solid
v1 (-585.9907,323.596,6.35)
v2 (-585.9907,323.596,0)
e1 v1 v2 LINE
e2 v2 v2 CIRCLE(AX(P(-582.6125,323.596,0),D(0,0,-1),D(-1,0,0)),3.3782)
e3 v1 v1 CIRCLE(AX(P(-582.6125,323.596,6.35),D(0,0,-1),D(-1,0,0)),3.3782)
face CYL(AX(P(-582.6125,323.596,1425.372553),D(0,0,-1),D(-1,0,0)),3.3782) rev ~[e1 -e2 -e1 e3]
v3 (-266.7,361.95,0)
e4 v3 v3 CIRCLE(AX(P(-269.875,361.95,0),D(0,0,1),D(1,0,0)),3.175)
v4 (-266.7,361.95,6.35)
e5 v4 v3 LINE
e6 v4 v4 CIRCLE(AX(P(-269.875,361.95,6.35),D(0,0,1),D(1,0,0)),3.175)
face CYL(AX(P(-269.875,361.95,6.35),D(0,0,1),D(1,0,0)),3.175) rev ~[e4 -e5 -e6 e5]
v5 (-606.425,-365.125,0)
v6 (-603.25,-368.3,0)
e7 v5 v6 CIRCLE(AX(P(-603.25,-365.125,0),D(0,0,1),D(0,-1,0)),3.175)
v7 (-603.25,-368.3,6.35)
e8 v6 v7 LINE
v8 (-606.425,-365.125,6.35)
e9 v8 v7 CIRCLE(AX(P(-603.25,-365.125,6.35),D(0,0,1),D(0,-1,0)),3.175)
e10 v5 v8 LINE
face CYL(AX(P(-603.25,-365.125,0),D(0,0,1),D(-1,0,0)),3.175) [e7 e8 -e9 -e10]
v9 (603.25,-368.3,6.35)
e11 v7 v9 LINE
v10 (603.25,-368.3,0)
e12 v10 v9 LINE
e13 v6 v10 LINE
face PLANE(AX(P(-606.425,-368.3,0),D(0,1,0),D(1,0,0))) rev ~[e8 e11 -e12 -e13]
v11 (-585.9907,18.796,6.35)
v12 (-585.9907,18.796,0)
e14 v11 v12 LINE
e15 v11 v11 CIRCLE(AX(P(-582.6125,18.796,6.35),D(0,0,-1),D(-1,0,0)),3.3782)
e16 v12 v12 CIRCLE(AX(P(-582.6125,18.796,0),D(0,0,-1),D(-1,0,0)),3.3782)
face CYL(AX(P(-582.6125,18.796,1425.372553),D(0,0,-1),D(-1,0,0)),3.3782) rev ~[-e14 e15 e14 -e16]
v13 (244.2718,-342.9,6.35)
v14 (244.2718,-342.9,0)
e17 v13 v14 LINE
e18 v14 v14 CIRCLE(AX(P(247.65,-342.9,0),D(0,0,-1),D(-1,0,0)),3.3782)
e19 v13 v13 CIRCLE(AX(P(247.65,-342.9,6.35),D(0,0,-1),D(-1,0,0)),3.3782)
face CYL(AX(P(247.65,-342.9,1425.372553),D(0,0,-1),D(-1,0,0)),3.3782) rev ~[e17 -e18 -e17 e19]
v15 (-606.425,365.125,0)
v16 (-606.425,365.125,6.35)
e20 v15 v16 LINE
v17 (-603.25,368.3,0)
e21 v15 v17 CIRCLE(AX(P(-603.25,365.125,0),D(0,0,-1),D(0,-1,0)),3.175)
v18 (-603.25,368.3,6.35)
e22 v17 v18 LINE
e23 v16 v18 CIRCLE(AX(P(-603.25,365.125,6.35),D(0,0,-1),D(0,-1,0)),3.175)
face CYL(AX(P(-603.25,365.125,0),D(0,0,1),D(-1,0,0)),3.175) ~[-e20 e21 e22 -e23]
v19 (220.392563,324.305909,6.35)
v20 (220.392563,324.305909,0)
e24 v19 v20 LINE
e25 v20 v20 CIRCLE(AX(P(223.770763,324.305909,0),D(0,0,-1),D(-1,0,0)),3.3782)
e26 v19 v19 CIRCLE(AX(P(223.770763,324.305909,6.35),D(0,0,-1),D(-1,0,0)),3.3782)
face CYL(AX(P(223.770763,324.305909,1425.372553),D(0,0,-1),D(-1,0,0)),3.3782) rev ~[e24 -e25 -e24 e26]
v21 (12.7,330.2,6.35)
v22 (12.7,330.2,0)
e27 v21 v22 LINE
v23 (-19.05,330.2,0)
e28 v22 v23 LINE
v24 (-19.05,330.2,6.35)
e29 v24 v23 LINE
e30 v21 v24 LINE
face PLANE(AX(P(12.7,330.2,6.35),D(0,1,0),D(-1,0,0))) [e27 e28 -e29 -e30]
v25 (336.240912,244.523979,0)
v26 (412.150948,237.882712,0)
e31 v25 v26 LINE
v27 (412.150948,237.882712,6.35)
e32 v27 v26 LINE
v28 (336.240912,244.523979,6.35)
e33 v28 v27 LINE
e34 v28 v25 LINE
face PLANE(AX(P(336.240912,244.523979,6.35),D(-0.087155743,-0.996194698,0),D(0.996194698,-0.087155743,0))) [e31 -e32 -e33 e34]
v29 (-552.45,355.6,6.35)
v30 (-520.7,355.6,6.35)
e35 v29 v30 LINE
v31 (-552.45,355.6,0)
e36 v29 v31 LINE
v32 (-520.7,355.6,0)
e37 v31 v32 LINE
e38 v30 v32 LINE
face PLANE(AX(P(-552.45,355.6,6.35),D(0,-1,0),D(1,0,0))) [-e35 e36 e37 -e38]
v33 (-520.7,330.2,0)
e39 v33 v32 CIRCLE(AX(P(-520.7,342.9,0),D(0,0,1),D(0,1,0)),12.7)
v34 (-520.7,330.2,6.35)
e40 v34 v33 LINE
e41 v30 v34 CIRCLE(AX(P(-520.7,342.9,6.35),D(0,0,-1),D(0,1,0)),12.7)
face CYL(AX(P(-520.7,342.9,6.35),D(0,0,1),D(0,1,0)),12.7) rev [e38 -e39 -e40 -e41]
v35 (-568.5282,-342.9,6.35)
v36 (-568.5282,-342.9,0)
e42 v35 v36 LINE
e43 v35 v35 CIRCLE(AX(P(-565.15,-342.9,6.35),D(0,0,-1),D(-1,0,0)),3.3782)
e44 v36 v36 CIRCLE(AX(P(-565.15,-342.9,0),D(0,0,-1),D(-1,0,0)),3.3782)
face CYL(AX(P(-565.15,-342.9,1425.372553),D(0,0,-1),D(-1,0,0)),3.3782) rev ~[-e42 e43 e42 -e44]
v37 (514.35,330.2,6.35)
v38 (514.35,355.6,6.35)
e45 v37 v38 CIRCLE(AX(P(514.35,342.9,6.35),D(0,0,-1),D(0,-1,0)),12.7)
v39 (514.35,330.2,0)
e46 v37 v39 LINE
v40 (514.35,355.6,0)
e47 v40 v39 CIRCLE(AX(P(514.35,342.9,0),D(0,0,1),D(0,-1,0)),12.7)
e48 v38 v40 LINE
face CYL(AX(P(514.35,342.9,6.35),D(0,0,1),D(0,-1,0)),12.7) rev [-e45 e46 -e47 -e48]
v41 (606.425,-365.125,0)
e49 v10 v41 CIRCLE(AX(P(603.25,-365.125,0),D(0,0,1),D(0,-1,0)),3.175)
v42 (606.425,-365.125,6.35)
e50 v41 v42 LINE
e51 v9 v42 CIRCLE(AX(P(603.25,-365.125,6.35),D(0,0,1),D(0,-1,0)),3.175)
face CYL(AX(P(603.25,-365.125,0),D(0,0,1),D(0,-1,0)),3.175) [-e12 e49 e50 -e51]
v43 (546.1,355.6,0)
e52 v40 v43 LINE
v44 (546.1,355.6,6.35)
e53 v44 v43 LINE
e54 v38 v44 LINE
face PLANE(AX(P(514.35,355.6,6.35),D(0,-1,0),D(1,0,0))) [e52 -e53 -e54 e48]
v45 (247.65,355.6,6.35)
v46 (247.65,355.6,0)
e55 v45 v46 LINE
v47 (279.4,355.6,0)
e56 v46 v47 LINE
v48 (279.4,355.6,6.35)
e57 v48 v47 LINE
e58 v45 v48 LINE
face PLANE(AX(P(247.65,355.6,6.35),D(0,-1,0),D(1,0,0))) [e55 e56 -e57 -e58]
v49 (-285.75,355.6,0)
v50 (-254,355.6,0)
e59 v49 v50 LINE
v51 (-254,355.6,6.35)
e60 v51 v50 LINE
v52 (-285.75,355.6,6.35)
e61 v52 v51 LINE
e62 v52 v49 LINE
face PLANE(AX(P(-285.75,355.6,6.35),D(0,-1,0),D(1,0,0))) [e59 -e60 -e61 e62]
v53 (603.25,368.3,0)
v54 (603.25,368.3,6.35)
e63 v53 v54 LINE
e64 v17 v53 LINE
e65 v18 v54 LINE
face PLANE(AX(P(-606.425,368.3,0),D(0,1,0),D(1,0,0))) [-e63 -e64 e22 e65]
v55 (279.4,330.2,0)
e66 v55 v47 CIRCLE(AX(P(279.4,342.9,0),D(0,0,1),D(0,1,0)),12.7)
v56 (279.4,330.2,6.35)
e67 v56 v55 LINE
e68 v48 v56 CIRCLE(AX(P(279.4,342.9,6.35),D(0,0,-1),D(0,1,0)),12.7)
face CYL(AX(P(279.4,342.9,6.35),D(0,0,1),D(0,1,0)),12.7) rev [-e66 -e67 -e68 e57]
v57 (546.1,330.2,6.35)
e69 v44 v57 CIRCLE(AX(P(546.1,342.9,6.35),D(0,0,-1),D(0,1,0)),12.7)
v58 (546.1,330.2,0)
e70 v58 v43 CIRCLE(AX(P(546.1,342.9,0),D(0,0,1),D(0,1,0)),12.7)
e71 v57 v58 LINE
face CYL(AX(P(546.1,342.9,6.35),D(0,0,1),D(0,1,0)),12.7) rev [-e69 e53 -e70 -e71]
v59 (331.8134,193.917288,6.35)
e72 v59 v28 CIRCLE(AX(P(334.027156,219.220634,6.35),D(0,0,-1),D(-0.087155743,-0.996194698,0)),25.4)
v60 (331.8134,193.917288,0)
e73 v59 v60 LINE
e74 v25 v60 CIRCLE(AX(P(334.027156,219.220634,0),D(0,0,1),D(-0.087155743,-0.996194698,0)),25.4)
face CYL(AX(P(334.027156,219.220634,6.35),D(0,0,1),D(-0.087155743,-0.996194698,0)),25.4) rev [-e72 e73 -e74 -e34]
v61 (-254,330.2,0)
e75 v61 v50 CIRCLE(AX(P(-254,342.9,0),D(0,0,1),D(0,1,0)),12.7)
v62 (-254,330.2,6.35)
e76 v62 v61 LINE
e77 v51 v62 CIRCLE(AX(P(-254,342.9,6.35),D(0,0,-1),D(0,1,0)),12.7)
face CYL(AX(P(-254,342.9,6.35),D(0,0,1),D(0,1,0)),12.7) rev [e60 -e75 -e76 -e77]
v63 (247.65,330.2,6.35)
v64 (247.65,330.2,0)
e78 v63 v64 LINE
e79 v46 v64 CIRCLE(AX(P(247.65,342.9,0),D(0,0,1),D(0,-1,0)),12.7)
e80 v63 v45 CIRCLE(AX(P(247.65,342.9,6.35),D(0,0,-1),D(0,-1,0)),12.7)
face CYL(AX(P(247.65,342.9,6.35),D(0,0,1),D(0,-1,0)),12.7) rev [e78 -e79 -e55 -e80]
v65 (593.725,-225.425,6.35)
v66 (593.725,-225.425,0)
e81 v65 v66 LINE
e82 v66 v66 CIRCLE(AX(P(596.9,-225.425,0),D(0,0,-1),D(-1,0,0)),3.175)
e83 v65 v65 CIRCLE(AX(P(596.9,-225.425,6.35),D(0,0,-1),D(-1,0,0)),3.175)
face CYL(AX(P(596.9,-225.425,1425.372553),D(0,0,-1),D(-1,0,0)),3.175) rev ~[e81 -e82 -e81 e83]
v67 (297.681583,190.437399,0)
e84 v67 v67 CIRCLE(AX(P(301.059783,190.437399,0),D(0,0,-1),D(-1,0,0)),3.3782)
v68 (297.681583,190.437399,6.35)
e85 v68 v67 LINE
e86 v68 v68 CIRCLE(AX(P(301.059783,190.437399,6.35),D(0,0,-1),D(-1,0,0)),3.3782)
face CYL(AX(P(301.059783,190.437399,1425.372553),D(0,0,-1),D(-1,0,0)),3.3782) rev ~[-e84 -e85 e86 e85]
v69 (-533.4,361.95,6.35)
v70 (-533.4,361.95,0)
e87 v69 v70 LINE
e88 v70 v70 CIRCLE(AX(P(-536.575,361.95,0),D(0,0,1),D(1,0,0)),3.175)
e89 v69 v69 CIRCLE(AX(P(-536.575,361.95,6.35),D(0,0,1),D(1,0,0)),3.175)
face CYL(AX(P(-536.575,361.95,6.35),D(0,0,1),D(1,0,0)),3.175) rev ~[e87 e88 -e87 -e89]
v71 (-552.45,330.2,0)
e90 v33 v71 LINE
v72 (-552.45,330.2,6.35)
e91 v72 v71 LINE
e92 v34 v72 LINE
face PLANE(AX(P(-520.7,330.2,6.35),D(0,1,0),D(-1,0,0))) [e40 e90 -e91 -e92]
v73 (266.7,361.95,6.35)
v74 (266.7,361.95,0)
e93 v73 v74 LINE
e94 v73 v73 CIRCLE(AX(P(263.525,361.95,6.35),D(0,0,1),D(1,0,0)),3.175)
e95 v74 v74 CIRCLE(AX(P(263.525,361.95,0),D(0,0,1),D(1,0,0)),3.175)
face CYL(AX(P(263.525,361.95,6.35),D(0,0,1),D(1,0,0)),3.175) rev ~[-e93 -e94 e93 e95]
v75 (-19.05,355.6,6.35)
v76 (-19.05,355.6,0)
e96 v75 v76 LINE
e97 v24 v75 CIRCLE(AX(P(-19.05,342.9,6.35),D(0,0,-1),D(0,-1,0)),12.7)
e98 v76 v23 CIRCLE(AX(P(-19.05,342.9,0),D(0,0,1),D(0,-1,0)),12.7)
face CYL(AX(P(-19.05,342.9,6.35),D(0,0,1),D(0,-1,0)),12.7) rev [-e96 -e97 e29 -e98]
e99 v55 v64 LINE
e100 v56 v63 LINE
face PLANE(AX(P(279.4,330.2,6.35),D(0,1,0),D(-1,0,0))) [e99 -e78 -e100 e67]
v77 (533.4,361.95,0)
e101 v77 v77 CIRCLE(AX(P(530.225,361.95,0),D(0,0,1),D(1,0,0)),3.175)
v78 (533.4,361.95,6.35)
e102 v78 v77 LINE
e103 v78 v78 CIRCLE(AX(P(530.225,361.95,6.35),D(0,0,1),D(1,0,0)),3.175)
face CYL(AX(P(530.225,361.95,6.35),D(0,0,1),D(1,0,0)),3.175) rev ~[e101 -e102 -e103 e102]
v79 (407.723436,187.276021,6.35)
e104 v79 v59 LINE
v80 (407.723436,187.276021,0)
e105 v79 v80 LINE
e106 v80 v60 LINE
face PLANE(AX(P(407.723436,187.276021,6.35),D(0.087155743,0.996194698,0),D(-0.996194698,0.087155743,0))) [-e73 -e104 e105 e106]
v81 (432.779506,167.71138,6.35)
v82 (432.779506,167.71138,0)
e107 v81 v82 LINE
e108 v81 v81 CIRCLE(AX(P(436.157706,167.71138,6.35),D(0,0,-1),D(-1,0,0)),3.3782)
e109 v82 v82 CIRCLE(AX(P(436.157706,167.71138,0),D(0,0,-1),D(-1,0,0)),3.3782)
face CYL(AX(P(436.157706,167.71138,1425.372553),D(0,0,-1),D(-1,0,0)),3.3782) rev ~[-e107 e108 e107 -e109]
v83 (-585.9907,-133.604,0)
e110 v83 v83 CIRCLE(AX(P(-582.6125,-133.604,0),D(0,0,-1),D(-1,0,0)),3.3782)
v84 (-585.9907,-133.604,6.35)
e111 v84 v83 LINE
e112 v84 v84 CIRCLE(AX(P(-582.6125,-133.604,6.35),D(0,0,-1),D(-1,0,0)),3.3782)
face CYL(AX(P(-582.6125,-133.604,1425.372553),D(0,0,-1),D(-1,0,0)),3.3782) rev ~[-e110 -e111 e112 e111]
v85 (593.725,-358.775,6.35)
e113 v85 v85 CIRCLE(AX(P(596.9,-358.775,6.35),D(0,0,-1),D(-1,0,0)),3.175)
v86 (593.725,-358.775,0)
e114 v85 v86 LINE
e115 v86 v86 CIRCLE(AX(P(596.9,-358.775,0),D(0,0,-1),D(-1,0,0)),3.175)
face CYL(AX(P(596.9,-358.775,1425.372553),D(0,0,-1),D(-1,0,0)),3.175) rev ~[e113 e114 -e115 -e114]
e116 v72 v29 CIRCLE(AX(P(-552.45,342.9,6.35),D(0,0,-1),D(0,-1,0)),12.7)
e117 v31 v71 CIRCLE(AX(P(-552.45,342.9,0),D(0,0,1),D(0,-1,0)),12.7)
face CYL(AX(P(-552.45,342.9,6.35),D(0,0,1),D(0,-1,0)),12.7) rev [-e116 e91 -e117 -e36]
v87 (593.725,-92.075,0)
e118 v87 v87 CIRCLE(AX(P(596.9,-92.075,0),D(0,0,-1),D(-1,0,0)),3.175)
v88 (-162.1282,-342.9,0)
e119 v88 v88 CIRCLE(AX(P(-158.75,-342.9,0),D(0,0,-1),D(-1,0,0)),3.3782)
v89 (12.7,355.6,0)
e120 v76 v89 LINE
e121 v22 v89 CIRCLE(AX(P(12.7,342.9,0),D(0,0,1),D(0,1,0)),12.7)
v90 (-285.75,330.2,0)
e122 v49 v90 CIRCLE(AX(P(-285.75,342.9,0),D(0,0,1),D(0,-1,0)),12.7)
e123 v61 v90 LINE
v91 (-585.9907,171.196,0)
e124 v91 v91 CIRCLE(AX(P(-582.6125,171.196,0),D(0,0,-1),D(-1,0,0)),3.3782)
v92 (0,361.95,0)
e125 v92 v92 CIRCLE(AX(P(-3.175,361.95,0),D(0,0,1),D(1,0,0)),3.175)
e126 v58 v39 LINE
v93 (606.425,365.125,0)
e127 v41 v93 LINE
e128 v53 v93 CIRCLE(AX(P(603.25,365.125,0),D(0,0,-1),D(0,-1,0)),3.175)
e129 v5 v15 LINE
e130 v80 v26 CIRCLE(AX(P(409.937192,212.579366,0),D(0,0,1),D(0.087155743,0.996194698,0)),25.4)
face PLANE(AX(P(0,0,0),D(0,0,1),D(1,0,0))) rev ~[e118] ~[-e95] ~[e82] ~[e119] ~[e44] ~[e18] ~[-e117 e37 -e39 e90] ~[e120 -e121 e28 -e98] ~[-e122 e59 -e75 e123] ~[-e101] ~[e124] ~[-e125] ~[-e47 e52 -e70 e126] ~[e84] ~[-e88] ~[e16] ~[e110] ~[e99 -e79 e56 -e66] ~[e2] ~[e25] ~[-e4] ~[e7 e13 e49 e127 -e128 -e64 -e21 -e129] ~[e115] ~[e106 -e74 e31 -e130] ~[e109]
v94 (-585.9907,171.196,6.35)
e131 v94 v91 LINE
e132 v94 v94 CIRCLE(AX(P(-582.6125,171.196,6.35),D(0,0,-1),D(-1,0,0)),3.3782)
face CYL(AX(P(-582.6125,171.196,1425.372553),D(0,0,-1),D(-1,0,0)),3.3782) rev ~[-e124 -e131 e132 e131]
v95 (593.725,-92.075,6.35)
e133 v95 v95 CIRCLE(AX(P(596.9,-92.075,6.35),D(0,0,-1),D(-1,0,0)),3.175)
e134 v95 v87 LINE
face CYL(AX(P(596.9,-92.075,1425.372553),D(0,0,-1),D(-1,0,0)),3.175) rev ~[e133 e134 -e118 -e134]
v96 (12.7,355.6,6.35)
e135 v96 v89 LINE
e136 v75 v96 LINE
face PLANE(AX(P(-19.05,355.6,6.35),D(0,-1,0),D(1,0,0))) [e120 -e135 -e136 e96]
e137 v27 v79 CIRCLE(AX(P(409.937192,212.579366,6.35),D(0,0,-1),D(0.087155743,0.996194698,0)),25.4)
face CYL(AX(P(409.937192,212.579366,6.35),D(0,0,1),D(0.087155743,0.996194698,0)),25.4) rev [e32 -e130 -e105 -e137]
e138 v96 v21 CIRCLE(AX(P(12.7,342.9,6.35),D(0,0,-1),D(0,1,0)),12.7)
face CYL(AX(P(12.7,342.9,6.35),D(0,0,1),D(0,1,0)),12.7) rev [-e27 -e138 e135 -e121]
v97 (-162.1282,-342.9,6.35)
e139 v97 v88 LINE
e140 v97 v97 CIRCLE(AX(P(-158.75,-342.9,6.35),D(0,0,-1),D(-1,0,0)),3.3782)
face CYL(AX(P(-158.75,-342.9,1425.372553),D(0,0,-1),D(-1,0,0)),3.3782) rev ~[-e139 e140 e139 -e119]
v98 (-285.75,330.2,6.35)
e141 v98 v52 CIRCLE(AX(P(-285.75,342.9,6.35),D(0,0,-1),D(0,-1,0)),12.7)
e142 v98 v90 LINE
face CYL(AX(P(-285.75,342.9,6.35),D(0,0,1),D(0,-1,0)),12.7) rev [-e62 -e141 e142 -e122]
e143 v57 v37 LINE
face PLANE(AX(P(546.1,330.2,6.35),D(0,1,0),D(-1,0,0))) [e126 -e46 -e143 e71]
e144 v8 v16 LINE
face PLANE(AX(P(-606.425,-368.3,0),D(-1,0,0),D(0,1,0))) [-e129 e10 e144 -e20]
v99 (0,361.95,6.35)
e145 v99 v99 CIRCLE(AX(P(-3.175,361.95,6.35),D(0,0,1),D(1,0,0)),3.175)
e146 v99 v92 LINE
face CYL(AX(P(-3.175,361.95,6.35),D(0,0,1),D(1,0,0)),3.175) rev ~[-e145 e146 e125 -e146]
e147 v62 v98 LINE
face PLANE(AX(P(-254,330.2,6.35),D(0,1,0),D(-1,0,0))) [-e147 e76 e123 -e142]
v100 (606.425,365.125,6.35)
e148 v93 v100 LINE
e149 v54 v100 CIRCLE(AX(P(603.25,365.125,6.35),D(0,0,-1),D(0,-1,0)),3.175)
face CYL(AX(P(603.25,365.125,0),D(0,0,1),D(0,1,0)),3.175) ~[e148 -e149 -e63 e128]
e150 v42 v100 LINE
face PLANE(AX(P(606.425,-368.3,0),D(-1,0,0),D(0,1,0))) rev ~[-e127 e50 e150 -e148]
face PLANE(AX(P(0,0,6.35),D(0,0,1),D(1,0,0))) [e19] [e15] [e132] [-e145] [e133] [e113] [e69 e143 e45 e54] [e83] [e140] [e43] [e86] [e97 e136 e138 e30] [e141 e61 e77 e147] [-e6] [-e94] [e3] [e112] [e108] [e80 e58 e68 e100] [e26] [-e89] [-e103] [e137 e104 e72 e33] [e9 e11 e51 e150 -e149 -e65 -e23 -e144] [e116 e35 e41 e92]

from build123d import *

# Parameters (mm, degrees)
SKETCH1_W                   = 1212.85
SKETCH1_H                   = 736.6
BOSS_EXTRUDE1_DEPTH         = 6.35
H_0_266_DIAMETER_HOLE1_D    = 6.7564
H_0_266_DIAMETER_HOLE2_D    = 6.7564
H_0_266_DIAMETER_HOLE3_D    = 6.7564
SKETCH12_R                  = 3.175
CUT_EXTRUDE4_DEPTH          = 7.35
LPATTERN1_COUNT             = 5
LPATTERN1_PITCH             = 266.7
FILLET2_R                   = 3.175
CUT_EXTRUDE5_DEPTH          = 7.35
F_1_4_0_25_DIAMETER_HOLE1_D = 6.35


with BuildPart() as part:
    # Sketch1 → Boss-Extrude1 (new body)
    with BuildSketch(Plane.XY):
        Rectangle(SKETCH1_W, SKETCH1_H)
    extrude(amount=BOSS_EXTRUDE1_DEPTH)

    # H (0.266) Diameter Hole1 (through all)
    with Locations(Plane.XY.offset(6.35)):
        with Locations((-565.15, -342.9), (-158.75, -342.9), (247.65, -342.9)):
            Hole(H_0_266_DIAMETER_HOLE1_D / 2)

    # H (0.266) Diameter Hole2 (through all)
    with Locations(Plane.XY.offset(6.35)):
        with Locations((-582.6125, 323.596), (-582.6125, 171.196), (-582.6125, 18.796), (-582.6125, -133.604)):
            Hole(H_0_266_DIAMETER_HOLE2_D / 2)

    # H (0.266) Diameter Hole3 (through all)
    with Locations(Plane.XY.offset(6.35)):
        with Locations((223.770762516, 324.305909426), (436.157706379, 167.711380386), (301.059782944, 190.437399177)):
            Hole(H_0_266_DIAMETER_HOLE3_D / 2)

    # Sketch12 → Cut-Extrude4 (cut, through all)
    with BuildSketch(Plane.XY.offset(6.35)):
        with Locations((-536.575, 361.95)):
            Circle(SKETCH12_R)
        with BuildLine():
            Line((-552.45, 355.6), (-520.7, 355.6))
            ThreePointArc((-520.7, 355.6), (-508, 342.9), (-520.7, 330.2))
            Line((-520.7, 330.2), (-552.45, 330.2))
            ThreePointArc((-552.45, 330.2), (-565.15, 342.9), (-552.45, 355.6))
        make_face()
    cut_extrude4 = extrude(amount=-CUT_EXTRUDE4_DEPTH, mode=Mode.SUBTRACT)

    # LPattern1: Cut-Extrude4 ×5
    with Locations(*[(i * LPATTERN1_PITCH, 0, 0) for i in range(1, LPATTERN1_COUNT)]):
        add(cut_extrude4, mode=Mode.SUBTRACT)

    # Fillet2
    fillet2_edges = [part.edges().sort_by_distance(p)[0] for p in [
        (606.425, -368.3, 3.175),
        (-606.425, -368.3, 3.175),
        (-606.425, 368.3, 3.175),
        (606.425, 368.3, 3.175),
    ]]
    fillet(fillet2_edges, radius=FILLET2_R)

    # Sketch14 → Cut-Extrude5 (cut, through all)
    with BuildSketch(Plane.XY.offset(6.35)):
        with BuildLine():
            Line((336.240912114, 244.52397913), (412.150948109, 237.882711533))
            ThreePointArc((412.150948109, 237.882711533), (435.240537575, 210.365610336), (407.723436378, 187.27602087))
            Line((407.723436378, 187.27602087), (331.813400383, 193.917288467))
            ThreePointArc((331.813400383, 193.917288467), (308.723810917, 221.434389664), (336.240912114, 244.52397913))
        make_face()
    extrude(amount=-CUT_EXTRUDE5_DEPTH, mode=Mode.SUBTRACT)

    # 1/4 (0.25) Diameter Hole1 (through all)
    with Locations(Plane.XY.offset(6.35)):
        with Locations((596.9, -358.775), (596.9, -225.425), (596.9, -92.075)):
            Hole(F_1_4_0_25_DIAMETER_HOLE1_D / 2)


solid = part.part
